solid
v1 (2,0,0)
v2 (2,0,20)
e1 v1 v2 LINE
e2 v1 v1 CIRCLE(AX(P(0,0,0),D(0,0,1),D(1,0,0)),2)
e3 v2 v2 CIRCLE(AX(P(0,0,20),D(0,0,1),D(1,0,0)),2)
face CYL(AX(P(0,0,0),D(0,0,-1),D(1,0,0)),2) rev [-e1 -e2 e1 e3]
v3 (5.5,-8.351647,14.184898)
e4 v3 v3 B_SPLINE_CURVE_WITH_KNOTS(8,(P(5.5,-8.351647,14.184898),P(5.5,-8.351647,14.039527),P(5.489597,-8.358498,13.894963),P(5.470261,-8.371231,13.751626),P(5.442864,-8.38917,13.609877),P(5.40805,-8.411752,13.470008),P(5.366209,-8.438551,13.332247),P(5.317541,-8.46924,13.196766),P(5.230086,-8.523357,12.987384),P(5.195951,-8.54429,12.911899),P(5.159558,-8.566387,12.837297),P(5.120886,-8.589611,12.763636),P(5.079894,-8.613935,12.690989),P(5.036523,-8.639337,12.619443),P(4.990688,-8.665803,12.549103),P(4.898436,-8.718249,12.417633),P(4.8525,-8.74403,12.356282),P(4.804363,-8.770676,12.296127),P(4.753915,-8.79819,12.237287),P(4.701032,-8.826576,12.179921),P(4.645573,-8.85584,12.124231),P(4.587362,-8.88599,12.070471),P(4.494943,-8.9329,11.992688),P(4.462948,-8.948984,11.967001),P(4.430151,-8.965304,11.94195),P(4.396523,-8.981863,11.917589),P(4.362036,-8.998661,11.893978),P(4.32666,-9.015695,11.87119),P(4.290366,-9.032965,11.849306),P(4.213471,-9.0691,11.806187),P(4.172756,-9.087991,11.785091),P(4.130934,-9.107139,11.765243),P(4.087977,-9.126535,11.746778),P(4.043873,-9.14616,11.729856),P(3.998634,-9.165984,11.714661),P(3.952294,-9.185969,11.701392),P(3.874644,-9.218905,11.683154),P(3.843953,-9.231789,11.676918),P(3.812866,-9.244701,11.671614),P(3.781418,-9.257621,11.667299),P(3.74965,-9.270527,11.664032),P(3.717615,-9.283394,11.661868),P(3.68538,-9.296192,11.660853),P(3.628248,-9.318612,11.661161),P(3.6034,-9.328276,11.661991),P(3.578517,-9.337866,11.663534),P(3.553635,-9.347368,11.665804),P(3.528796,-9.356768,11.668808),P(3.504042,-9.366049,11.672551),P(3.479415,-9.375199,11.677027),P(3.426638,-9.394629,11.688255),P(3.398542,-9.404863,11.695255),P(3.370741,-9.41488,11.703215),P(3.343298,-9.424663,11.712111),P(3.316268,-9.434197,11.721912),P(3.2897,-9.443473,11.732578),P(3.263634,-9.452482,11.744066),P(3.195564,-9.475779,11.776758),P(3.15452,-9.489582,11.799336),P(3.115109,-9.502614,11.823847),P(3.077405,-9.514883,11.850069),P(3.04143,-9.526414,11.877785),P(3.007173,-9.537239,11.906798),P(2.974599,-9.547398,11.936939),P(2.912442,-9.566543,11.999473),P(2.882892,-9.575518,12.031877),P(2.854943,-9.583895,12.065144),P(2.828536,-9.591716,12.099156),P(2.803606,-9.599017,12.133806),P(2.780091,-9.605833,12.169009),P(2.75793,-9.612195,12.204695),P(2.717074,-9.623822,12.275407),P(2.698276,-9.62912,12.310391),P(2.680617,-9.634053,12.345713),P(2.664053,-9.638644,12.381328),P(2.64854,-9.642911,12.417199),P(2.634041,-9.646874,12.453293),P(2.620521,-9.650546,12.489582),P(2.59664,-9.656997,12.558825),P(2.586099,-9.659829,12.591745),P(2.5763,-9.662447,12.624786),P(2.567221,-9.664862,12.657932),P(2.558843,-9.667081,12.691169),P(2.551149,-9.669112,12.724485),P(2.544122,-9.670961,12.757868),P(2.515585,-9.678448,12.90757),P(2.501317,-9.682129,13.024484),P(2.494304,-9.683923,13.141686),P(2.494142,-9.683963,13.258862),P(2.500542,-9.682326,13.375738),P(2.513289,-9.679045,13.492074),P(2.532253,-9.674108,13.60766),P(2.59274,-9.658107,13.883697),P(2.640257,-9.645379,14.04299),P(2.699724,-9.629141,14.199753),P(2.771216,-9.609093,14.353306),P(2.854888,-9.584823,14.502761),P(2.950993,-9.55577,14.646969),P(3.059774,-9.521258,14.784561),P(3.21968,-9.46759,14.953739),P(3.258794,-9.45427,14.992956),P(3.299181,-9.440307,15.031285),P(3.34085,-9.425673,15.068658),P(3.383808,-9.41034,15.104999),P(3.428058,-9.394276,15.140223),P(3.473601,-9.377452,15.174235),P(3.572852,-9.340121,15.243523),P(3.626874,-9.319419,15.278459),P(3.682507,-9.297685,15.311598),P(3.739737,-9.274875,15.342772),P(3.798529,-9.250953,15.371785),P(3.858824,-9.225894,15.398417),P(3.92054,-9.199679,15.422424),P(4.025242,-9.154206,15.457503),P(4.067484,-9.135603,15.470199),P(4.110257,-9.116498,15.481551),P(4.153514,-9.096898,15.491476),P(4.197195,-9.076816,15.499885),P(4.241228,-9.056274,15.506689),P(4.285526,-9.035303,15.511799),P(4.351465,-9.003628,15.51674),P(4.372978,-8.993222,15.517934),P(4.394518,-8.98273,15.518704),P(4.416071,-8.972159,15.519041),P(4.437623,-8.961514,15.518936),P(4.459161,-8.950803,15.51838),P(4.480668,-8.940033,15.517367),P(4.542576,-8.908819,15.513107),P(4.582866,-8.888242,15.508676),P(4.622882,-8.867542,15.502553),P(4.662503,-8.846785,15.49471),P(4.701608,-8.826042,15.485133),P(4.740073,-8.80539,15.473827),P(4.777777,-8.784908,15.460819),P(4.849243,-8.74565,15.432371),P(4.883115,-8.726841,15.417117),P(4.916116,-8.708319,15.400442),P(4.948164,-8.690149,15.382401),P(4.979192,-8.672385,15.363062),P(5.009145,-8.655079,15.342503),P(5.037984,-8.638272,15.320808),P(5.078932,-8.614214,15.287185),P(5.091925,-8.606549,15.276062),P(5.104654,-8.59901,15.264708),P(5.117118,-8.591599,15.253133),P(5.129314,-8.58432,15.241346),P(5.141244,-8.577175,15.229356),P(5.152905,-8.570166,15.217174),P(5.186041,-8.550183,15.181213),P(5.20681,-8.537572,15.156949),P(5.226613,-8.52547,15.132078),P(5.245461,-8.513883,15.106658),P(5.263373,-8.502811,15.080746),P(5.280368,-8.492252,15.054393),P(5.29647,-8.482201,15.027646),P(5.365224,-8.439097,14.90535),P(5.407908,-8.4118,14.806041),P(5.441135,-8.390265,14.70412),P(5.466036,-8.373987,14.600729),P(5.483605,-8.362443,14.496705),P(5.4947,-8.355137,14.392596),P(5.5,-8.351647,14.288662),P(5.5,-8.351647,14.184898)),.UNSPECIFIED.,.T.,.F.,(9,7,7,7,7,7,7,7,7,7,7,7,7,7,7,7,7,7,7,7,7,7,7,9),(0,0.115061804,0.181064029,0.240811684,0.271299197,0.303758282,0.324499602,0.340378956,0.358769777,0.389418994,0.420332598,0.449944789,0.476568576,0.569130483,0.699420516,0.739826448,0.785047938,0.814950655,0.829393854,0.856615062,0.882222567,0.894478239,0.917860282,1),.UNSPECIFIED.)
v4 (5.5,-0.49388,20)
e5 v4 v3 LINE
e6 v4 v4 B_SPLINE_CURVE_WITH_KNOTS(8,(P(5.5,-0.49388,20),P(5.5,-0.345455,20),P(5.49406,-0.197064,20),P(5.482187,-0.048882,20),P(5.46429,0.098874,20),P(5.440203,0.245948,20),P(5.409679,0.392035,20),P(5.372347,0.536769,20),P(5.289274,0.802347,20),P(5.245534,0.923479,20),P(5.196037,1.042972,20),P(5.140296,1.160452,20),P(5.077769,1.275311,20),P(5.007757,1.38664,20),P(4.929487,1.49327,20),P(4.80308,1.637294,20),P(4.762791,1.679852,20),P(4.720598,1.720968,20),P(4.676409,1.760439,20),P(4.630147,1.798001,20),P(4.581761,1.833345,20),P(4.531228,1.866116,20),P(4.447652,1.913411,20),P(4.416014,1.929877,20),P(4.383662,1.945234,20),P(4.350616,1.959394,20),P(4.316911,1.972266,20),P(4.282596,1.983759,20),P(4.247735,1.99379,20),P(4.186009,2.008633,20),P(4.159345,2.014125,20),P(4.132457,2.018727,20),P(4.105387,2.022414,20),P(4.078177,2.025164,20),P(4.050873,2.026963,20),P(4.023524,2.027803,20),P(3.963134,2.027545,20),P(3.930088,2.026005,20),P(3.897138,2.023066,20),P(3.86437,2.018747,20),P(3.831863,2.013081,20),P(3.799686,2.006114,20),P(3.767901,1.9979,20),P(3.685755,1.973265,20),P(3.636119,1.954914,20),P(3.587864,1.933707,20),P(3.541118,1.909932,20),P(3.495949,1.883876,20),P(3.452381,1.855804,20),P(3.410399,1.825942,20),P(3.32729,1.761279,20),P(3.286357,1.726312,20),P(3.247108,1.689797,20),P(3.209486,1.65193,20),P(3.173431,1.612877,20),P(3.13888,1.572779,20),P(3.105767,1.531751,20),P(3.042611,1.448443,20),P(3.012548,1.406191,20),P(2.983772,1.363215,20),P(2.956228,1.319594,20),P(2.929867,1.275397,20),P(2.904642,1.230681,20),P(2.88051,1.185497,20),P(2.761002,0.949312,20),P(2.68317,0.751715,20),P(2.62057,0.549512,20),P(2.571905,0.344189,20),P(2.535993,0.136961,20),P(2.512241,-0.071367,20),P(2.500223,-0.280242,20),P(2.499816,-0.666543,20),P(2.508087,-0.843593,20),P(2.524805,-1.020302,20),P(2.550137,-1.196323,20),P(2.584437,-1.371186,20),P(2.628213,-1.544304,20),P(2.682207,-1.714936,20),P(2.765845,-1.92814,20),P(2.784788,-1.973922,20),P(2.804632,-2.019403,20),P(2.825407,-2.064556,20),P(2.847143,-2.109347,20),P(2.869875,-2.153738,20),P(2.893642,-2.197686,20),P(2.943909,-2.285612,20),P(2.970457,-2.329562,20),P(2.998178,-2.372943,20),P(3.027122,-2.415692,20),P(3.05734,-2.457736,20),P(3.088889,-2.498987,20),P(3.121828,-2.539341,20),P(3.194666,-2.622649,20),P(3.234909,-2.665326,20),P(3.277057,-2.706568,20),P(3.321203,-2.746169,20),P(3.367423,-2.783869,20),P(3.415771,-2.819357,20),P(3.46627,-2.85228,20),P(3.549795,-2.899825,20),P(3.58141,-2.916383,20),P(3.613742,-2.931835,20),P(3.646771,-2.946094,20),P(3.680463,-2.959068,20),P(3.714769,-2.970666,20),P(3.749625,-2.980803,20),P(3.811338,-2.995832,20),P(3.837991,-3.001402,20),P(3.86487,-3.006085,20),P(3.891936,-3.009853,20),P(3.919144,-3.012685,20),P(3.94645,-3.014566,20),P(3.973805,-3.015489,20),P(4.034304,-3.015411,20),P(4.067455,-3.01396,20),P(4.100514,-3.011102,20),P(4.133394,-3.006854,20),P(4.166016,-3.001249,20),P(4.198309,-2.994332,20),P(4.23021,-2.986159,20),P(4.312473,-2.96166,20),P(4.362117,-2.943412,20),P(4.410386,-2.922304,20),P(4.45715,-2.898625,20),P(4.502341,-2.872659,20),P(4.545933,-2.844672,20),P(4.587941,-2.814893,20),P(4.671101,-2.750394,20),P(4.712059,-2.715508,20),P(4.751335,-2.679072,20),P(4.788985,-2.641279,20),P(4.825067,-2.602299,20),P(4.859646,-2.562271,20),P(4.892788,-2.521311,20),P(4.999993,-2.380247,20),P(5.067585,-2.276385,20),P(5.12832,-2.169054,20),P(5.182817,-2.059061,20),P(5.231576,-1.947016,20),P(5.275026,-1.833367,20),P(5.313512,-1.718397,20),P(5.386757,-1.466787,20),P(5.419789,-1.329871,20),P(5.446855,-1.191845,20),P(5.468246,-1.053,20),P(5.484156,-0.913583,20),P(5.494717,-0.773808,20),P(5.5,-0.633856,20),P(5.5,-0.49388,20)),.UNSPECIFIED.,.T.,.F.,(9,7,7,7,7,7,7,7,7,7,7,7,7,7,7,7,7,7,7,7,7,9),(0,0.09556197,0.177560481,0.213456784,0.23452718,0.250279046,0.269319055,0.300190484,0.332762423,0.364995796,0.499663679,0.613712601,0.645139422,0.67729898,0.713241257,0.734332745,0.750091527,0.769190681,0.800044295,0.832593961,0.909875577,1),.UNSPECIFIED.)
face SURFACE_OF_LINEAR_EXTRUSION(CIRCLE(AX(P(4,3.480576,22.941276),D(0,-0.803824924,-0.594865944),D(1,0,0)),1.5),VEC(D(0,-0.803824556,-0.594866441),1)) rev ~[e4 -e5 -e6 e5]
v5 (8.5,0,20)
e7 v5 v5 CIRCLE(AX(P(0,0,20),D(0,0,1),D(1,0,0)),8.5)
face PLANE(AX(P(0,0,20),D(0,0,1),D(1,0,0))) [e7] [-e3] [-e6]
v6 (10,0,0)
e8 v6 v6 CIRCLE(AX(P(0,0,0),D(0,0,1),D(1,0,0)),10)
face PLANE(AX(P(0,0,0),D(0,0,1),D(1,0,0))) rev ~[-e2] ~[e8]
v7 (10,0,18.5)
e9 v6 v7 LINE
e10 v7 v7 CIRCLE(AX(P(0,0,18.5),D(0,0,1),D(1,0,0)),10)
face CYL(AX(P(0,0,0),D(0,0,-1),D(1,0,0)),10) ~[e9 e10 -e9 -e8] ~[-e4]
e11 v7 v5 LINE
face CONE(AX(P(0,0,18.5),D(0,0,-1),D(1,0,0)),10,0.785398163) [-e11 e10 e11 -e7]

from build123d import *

# Parameters (mm, degrees)
F0_R     = 10
F0_R_2   = 2
F1_DEPTH = 20
F5_R     = 1.5
F7_SIZE  = 1.5


with BuildPart() as f1:
    # F0 (on Top) → F1 (new body)
    with BuildSketch(Plane.XY):
        Circle(F0_R)
        Circle(F0_R_2, mode=Mode.SUBTRACT)
    extrude(amount=F1_DEPTH)

    # F6: sweep along a path in F3
    with BuildLine(Plane.YZ.offset(4)) as f6_path:
        Line((3.480567, 22.941271), (-17.466422, 7.439554))
    # F5 (on face) → F6 (sweep, cut)
    with BuildSketch(Plane(origin=(0, 13.2187, 9.782434), x_dir=(1, 0, 0), z_dir=(0, -0.803825, -0.594866))):
        with Locations((4, 16.370284)):
            Circle(F5_R)
    sweep(path=f6_path.line, mode=Mode.SUBTRACT)

    # F7
    f7_edges = [f1.edges().sort_by_distance(p)[0] for p in [
        (-10, 0, 20),
    ]]
    chamfer(f7_edges, length=F7_SIZE)


solid = f1.part
